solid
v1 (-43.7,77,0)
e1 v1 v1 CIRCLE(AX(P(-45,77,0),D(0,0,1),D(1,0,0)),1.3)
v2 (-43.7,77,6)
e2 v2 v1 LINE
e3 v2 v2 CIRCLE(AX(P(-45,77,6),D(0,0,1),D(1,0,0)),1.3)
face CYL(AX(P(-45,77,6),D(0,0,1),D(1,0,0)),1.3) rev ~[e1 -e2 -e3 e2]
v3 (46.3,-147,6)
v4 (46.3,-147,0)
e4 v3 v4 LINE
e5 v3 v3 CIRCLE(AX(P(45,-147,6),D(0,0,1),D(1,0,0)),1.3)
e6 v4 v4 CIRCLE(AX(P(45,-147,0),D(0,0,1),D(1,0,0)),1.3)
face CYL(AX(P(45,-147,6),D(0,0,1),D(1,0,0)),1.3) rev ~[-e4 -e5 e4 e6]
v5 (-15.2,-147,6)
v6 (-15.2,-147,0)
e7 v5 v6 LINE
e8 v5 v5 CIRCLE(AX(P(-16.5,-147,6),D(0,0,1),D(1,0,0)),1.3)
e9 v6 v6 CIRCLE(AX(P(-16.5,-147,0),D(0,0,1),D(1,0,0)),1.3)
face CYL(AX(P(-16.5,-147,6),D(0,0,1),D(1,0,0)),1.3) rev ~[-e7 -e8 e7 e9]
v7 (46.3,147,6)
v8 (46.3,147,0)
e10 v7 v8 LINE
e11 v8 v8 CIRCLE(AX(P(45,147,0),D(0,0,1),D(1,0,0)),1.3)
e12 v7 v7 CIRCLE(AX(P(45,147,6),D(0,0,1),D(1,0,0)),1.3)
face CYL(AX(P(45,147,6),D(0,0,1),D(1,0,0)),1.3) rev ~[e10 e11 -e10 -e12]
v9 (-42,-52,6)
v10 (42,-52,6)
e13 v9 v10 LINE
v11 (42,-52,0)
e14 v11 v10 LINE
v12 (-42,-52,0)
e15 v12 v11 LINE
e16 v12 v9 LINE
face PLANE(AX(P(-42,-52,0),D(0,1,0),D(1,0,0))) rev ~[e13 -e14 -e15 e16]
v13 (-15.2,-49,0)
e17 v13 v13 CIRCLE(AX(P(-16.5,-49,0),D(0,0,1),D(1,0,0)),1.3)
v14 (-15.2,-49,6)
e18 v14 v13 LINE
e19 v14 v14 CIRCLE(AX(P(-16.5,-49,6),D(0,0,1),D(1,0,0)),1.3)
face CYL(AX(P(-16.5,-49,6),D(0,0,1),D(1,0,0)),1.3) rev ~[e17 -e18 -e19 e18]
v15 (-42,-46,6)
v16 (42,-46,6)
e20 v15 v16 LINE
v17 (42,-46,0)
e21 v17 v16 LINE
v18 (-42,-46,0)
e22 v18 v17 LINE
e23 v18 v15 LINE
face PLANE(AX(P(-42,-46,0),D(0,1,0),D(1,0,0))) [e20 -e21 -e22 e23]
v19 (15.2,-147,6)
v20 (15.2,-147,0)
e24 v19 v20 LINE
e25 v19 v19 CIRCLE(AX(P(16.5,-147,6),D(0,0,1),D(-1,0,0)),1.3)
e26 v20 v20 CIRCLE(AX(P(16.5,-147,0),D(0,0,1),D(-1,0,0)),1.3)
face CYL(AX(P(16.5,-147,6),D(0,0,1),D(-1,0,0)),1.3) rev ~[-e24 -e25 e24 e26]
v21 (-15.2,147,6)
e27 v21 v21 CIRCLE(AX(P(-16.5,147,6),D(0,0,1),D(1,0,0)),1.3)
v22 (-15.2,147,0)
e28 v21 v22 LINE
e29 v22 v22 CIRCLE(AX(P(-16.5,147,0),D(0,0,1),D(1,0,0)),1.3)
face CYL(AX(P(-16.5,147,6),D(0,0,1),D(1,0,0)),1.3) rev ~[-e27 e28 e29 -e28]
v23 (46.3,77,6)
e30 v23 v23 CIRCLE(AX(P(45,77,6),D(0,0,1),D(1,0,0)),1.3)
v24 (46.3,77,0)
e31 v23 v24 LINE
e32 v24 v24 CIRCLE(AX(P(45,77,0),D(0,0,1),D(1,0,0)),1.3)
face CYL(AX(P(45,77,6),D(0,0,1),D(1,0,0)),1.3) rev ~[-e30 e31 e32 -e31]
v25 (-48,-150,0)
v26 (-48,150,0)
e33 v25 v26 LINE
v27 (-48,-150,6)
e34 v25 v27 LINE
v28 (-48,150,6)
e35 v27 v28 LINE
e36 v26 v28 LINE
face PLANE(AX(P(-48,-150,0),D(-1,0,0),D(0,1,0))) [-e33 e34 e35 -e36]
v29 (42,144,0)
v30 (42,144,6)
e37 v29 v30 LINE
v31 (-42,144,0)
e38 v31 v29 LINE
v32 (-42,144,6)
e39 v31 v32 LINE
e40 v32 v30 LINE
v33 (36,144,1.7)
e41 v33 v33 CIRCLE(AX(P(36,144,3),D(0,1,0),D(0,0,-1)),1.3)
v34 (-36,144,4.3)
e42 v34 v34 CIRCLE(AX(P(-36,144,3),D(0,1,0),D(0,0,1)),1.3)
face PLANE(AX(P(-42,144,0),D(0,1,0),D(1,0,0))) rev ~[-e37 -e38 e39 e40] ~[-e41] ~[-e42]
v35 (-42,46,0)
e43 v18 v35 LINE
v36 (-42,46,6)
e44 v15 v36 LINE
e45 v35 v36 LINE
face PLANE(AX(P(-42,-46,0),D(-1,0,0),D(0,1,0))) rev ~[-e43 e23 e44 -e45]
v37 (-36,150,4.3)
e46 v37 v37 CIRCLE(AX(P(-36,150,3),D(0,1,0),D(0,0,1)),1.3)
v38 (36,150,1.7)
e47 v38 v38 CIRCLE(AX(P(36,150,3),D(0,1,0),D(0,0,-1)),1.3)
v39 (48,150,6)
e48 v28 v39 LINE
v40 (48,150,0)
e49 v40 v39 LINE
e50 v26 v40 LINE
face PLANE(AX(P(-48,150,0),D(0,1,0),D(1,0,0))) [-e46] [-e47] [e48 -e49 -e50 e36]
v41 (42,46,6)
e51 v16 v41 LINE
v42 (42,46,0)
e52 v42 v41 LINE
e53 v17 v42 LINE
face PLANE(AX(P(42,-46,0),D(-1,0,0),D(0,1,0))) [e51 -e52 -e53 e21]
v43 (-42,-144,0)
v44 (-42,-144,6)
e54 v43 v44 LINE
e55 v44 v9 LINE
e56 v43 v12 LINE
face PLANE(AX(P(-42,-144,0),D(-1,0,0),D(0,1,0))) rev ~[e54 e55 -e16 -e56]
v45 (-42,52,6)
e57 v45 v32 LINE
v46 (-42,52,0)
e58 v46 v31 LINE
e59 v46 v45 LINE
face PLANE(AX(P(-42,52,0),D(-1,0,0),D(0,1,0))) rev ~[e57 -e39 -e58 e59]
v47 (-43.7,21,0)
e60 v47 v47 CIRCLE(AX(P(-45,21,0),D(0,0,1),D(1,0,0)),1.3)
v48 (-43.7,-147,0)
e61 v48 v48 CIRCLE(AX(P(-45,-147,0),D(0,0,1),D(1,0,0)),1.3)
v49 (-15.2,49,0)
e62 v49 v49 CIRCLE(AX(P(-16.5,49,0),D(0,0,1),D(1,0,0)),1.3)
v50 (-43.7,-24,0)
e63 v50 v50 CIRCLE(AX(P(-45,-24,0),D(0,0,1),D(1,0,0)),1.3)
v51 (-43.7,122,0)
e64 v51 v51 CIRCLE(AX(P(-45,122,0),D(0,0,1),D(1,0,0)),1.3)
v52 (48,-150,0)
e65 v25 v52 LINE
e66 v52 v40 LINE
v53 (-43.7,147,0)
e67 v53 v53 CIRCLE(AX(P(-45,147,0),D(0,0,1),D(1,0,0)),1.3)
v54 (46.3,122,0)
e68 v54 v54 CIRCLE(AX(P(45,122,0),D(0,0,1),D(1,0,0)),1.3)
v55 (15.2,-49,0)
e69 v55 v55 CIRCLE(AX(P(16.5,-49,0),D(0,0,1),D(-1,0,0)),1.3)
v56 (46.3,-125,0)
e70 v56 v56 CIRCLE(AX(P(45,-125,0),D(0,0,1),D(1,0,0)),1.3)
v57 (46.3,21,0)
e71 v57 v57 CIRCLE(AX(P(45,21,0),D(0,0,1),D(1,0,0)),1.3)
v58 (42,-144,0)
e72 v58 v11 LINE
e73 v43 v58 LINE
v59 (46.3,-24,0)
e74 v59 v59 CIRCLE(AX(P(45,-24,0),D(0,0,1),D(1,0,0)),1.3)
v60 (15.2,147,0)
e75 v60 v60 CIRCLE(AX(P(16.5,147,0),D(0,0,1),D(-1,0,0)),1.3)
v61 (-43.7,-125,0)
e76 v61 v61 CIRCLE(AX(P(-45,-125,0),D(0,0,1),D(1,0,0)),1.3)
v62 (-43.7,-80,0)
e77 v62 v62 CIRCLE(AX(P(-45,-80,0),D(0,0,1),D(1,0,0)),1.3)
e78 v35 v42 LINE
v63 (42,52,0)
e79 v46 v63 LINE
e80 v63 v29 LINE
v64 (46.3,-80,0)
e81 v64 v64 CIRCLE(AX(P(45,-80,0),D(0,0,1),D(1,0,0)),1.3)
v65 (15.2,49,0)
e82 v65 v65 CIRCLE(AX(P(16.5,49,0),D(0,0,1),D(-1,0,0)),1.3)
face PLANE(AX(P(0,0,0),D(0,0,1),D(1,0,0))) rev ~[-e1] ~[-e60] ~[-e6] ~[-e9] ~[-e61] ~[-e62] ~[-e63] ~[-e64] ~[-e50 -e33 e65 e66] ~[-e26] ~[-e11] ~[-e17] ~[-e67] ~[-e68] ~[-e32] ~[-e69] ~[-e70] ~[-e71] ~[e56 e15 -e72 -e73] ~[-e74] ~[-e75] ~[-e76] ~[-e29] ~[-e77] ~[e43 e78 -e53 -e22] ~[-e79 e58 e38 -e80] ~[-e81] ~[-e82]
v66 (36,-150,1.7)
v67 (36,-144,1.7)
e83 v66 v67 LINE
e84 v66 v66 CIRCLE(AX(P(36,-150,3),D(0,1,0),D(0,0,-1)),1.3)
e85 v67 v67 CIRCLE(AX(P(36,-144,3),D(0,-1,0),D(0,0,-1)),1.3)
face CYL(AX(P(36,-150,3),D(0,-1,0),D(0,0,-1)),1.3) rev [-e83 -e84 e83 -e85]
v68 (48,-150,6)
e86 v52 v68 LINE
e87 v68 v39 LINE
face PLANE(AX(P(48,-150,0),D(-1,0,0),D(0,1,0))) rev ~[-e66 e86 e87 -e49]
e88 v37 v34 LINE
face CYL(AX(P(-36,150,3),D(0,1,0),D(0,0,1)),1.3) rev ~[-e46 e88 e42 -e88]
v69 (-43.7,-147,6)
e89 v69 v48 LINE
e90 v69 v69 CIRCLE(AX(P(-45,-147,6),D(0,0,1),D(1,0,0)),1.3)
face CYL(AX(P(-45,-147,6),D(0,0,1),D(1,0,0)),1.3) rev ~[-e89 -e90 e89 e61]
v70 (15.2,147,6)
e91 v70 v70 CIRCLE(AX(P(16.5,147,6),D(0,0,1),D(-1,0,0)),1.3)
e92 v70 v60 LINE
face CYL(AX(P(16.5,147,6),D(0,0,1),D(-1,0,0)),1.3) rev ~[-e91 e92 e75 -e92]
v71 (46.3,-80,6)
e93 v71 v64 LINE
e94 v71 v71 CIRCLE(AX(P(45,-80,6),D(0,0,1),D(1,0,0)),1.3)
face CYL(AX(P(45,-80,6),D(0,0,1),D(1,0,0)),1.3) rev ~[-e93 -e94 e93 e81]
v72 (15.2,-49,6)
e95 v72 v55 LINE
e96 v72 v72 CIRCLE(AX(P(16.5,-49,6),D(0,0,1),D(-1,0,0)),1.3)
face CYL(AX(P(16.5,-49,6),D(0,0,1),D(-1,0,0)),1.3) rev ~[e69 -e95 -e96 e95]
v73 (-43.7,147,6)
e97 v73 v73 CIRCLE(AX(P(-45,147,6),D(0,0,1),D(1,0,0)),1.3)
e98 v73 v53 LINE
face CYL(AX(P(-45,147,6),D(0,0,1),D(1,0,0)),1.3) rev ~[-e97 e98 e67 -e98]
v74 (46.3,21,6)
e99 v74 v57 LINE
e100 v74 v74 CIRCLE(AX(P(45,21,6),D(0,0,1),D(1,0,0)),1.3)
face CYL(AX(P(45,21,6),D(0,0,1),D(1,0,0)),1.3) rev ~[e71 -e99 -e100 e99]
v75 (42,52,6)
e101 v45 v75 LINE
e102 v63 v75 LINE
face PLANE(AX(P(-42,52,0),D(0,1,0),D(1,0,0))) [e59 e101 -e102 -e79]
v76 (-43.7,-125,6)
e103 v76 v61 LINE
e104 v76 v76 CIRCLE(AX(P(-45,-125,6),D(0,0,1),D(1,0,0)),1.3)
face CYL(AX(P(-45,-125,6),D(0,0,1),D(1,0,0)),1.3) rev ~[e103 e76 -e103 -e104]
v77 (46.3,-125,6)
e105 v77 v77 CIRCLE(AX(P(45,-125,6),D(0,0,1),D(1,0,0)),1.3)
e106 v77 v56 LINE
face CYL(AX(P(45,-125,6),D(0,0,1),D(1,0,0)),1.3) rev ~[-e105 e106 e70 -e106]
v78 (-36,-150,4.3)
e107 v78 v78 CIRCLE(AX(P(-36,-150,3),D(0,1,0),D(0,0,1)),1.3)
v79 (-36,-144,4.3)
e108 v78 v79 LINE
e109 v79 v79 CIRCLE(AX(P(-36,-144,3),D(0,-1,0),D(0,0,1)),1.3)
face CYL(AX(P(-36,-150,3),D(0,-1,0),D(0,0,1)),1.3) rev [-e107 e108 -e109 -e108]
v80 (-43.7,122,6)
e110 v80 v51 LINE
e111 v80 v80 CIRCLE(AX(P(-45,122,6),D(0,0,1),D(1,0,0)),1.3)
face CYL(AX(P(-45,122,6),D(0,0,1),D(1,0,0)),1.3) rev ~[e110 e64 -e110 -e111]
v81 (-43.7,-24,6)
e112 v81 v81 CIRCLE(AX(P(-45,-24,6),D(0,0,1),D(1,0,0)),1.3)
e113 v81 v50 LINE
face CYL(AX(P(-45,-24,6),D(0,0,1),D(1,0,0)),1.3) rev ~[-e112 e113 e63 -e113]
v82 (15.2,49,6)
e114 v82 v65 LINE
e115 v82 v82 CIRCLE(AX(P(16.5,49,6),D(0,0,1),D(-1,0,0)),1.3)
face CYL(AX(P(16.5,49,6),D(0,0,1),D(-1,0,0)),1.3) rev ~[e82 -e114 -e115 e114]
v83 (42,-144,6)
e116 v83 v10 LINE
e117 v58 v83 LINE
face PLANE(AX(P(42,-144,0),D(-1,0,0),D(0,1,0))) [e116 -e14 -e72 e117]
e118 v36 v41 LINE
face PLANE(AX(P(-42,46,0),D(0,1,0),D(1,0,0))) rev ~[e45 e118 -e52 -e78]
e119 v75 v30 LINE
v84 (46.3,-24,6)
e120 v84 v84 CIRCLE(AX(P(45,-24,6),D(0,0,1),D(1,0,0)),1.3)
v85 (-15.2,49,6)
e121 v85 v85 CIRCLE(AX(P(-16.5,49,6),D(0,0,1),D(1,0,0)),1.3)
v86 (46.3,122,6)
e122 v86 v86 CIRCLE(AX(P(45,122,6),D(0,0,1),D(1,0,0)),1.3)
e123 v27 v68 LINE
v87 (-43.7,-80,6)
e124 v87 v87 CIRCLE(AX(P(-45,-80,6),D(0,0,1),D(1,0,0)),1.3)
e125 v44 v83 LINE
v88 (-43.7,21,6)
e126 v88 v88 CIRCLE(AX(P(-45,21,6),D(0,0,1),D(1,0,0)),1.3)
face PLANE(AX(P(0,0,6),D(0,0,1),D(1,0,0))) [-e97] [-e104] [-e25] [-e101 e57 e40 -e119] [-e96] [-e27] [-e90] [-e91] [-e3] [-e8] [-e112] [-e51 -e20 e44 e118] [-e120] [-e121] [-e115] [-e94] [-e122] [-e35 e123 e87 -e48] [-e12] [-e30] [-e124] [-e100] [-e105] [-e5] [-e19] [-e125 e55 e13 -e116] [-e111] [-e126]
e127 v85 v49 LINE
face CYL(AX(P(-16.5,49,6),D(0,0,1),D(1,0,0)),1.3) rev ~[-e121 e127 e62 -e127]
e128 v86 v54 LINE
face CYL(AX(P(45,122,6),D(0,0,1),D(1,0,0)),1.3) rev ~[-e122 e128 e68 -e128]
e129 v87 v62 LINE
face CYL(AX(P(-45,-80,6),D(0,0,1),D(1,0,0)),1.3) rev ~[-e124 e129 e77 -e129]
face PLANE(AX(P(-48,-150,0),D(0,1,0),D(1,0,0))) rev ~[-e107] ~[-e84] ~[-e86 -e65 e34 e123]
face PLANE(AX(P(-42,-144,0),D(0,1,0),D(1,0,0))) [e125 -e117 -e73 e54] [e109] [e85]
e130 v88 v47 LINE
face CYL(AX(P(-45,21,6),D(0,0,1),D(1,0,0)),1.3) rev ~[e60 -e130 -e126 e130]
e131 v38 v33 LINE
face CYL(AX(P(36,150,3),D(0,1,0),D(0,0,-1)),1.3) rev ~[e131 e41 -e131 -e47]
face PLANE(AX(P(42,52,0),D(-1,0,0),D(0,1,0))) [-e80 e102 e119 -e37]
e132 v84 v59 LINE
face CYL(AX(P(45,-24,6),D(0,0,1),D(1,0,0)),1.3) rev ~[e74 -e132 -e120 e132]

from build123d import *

# Parameters (mm, degrees)
SKETCH1_W           = 96
SKETCH1_H           = 300
SKETCH1_W_2         = 84
SKETCH1_H_2         = 92
BOSS_EXTRUDE1_DEPTH = 6
SKETCH2_R           = 1.3
CUT_EXTRUDE1_DEPTH  = 6
SKETCH4_R           = 1.3
CUT_EXTRUDE5_DEPTH  = 10
SKETCH3_R           = 1.3
CUT_EXTRUDE6_DEPTH  = 10


with BuildPart() as part:
    # Sketch1 → Boss-Extrude1 (new body)
    with BuildSketch(Plane.XY):
        Rectangle(SKETCH1_W, SKETCH1_H)
        with Locations((0, 98)):
            Rectangle(SKETCH1_W_2, SKETCH1_H_2, mode=Mode.SUBTRACT)
        with Locations((0, -98)):
            Rectangle(SKETCH1_W_2, SKETCH1_H_2, mode=Mode.SUBTRACT)
        Rectangle(SKETCH1_W_2, SKETCH1_H_2, mode=Mode.SUBTRACT)
    extrude(amount=BOSS_EXTRUDE1_DEPTH)

    # Sketch2 → Cut-Extrude1 (cut)
    with BuildSketch(Plane.XY.offset(6)):
        with Locations((-45, 147)):
            Circle(SKETCH2_R)
        with Locations((45, 147)):
            Circle(SKETCH2_R)
        with Locations((-45, -147)):
            Circle(SKETCH2_R)
        with Locations((45, -147)):
            Circle(SKETCH2_R)
    extrude(amount=-CUT_EXTRUDE1_DEPTH, mode=Mode.SUBTRACT)

    # Sketch4 → Cut-Extrude5 (cut)
    with BuildSketch(Plane(origin=(0, 150, 0), x_dir=(1, 0, 0), z_dir=(0, 1, 0))):
        with Locations(Location((-36, -3, 0), (0, 0, 270))):
            Circle(SKETCH4_R)
        with Locations(Location((36, -3, 0), (0, 0, 90))):
            Circle(SKETCH4_R)
    cut_extrude5 = extrude(amount=-CUT_EXTRUDE5_DEPTH, mode=Mode.SUBTRACT)

    # Mirror1: Cut-Extrude5 across plane
    add(cut_extrude5.mirror(Plane.ZX), mode=Mode.SUBTRACT)

    # Sketch3 → Cut-Extrude6 (cut)
    with BuildSketch(Plane.XY.offset(6)):
        with Locations((-45.000000047, 122)):
            Circle(SKETCH3_R)
        with Locations((-16.5, 147)):
            Circle(SKETCH3_R)
        with Locations(Location((16.5, 147, 0), (0, 0, 180))):
            Circle(SKETCH3_R)
        with Locations((-16.5, 49)):
            Circle(SKETCH3_R)
        with Locations(Location((16.5, 49, 0), (0, 0, 180))):
            Circle(SKETCH3_R)
        with Locations((-16.5, -49)):
            Circle(SKETCH3_R)
        with Locations(Location((16.5, -49, 0), (0, 0, 180))):
            Circle(SKETCH3_R)
        with Locations((-16.5, -147)):
            Circle(SKETCH3_R)
        with Locations(Location((16.5, -147, 0), (0, 0, 180))):
            Circle(SKETCH3_R)
        with Locations((-45.000000047, 21)):
            Circle(SKETCH3_R)
        with Locations((44.999999953, 122)):
            Circle(SKETCH3_R)
        with Locations((44.999999953, 77)):
            Circle(SKETCH3_R)
        with Locations((-45.000000047, 77)):
            Circle(SKETCH3_R)
        with Locations((44.999999953, 21)):
            Circle(SKETCH3_R)
        with Locations((44.999999953, -24)):
            Circle(SKETCH3_R)
        with Locations((-45.000000047, -24)):
            Circle(SKETCH3_R)
        with Locations((-45.000000047, -80)):
            Circle(SKETCH3_R)
        with Locations((44.999999953, -80)):
            Circle(SKETCH3_R)
        with Locations((44.999999953, -125)):
            Circle(SKETCH3_R)
        with Locations((-45.000000047, -125)):
            Circle(SKETCH3_R)
    extrude(amount=-CUT_EXTRUDE6_DEPTH, mode=Mode.SUBTRACT)


solid = part.part
